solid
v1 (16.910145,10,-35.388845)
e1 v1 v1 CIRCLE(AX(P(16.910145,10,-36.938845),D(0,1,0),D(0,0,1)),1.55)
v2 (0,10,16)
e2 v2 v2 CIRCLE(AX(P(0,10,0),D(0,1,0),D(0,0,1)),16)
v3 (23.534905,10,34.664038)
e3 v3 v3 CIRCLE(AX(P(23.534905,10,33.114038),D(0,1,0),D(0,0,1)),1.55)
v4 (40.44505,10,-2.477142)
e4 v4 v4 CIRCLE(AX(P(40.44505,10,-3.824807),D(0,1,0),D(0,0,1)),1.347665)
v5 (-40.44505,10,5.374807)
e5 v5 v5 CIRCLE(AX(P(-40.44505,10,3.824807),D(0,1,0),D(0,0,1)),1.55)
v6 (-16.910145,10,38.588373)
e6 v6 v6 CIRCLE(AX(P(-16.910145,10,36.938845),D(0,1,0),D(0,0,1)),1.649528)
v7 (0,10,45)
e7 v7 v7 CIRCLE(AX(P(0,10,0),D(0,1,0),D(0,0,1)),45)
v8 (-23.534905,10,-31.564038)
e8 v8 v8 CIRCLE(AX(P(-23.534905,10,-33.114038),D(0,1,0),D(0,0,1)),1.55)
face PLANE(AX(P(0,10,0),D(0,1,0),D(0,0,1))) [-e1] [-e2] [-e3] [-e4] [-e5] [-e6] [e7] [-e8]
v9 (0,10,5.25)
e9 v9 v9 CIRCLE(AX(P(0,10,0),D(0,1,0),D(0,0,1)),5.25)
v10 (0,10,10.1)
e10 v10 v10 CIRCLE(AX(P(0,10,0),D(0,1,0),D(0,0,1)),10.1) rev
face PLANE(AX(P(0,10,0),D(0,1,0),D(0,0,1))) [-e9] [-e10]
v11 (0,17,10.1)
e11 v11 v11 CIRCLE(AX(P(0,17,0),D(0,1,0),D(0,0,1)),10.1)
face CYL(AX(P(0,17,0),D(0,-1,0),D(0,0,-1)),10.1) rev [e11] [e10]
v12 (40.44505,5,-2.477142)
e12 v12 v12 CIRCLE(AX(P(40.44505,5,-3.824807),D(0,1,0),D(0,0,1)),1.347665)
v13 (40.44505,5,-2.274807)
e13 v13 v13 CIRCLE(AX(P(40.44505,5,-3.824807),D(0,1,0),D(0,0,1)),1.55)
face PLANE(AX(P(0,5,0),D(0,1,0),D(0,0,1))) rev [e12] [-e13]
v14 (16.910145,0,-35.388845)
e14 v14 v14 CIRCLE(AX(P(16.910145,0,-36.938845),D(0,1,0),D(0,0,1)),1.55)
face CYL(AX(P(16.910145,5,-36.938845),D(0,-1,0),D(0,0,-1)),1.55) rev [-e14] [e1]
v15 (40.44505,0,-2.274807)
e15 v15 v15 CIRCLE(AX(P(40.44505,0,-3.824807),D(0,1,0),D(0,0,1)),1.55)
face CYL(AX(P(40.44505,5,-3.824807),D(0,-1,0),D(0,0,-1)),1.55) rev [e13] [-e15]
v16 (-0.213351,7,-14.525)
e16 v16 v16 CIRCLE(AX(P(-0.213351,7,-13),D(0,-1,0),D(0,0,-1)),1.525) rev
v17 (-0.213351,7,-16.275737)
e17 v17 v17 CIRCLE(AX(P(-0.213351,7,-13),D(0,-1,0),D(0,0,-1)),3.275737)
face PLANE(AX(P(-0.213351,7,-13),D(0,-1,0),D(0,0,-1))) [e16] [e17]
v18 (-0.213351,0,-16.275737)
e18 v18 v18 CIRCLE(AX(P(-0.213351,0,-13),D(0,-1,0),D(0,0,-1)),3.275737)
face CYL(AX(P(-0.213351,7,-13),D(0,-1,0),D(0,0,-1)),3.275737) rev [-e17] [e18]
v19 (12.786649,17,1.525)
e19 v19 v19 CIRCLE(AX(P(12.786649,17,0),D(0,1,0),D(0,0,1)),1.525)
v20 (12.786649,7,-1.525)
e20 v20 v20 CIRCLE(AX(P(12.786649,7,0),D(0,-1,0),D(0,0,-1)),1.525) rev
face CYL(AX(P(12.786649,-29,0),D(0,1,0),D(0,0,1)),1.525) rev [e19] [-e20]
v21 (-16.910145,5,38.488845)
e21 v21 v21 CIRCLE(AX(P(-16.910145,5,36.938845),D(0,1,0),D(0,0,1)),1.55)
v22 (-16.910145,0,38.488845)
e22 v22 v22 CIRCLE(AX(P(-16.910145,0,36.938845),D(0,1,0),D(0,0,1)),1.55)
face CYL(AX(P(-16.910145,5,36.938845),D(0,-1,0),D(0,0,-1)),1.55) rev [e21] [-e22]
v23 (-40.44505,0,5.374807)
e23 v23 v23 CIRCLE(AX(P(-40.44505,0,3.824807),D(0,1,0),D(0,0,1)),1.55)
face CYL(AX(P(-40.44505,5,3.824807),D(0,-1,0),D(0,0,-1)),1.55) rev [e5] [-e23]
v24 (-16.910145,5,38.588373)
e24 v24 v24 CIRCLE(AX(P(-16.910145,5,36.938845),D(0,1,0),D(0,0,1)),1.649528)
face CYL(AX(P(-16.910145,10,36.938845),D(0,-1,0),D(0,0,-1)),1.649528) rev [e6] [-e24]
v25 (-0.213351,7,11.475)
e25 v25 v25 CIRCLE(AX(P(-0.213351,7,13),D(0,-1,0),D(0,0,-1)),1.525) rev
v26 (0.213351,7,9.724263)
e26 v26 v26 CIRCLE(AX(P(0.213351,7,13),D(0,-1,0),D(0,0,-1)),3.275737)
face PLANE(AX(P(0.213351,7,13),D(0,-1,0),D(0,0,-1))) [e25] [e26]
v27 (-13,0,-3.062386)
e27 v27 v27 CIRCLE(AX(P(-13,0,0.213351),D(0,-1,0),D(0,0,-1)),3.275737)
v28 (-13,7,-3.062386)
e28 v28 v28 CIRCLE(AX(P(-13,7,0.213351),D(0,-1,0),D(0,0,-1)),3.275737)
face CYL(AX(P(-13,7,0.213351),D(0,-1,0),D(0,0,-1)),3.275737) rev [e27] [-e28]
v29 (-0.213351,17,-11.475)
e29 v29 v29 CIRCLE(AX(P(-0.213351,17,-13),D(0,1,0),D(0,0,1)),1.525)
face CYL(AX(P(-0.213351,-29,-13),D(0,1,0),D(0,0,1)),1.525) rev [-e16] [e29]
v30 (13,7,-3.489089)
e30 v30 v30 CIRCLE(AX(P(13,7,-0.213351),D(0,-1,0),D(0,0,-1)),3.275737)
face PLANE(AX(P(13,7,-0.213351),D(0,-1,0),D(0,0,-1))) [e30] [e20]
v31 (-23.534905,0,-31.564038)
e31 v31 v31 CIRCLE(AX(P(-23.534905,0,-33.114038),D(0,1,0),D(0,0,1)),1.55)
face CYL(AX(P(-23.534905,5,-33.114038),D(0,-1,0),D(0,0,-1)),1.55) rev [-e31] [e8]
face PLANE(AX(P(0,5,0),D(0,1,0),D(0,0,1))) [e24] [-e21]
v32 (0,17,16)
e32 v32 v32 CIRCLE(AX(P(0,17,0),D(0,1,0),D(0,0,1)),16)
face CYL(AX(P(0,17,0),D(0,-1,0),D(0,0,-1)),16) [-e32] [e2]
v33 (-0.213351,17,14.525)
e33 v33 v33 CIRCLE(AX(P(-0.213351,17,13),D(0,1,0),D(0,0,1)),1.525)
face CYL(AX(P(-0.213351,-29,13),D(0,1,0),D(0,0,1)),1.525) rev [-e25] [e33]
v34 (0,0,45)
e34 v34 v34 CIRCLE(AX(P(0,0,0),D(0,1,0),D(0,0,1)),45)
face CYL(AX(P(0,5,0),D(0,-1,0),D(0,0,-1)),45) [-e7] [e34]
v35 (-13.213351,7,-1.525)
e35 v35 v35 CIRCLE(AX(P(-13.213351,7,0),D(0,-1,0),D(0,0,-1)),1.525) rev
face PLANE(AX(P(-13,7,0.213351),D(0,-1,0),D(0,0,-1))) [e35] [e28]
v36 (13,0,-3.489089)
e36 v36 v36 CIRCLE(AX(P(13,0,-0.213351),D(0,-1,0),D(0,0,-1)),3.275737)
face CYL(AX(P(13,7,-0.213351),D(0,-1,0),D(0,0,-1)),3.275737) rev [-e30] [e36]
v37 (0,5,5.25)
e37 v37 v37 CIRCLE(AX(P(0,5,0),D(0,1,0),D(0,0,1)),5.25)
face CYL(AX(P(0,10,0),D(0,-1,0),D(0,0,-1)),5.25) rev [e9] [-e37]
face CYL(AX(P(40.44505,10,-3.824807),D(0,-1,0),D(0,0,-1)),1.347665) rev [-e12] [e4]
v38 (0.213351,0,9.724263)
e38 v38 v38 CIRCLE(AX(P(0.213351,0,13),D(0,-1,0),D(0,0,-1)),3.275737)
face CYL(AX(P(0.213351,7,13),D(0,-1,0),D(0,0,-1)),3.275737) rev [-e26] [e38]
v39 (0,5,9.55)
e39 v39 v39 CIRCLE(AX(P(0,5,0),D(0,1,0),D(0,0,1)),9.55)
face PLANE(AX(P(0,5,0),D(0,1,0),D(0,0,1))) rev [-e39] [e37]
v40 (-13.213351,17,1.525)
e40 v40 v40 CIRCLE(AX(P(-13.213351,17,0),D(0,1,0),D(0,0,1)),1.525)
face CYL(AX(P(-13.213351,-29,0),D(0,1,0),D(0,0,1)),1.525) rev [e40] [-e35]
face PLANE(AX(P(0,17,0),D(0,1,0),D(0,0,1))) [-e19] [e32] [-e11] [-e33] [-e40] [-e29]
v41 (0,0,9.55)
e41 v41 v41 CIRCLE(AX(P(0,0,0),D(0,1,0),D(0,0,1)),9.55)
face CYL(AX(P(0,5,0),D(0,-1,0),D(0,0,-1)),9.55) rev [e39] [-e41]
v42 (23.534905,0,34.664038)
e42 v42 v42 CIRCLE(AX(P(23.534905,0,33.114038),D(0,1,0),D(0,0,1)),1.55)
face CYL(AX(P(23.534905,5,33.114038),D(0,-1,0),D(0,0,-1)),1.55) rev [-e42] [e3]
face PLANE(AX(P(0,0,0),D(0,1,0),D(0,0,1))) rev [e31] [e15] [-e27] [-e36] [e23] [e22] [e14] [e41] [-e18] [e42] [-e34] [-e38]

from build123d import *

# Parameters (mm, degrees)
SKETCH1_R           = 45
SKETCH1_R_2         = 9.55
SKETCH1_R_3         = 1.55
BOSS_EXTRUDE1_DEPTH = 5
SKETCH3_R           = 45
SKETCH3_R_2         = 5.25
SKETCH3_R_3         = 1.55
SKETCH3_R_4         = 1.347664629
SKETCH3_R_5         = 1.649528324
BOSS_EXTRUDE2_DEPTH = 5
SKETCH4_R           = 16
SKETCH4_R_2         = 10.1
BOSS_EXTRUDE3_DEPTH = 7
SKETCH5_R           = 1.525
CUT_EXTRUDE1_DEPTH  = 46
SKETCH8_R           = 3.275737446
CUT_EXTRUDE4_DEPTH  = 7


with BuildPart() as part:
    # Sketch1 → Boss-Extrude1 (new body)
    with BuildSketch(Plane(origin=(0, 0, 0), x_dir=(1, 0, 0), z_dir=(0, 1, 0))):
        Circle(SKETCH1_R)
        Circle(SKETCH1_R_2, mode=Mode.SUBTRACT)
        with Locations((23.534905201, -33.114037619)):
            Circle(SKETCH1_R_3, mode=Mode.SUBTRACT)
        with Locations((-16.9101452, -36.938844589)):
            Circle(SKETCH1_R_3, mode=Mode.SUBTRACT)
        with Locations((-40.4450504, -3.82480697)):
            Circle(SKETCH1_R_3, mode=Mode.SUBTRACT)
        with Locations((-23.534905201, 33.114037619)):
            Circle(SKETCH1_R_3, mode=Mode.SUBTRACT)
        with Locations((16.9101452, 36.938844589)):
            Circle(SKETCH1_R_3, mode=Mode.SUBTRACT)
        with Locations((40.4450504, 3.82480697)):
            Circle(SKETCH1_R_3, mode=Mode.SUBTRACT)
    extrude(amount=BOSS_EXTRUDE1_DEPTH)

    # Sketch3 → Boss-Extrude2 (add)
    with BuildSketch(Plane(origin=(0, 5, 0), x_dir=(1, 0, 0), z_dir=(0, 1, 0))):
        Circle(SKETCH3_R)
        Circle(SKETCH3_R_2, mode=Mode.SUBTRACT)
        with Locations((16.9101452, 36.938844589)):
            Circle(SKETCH3_R_3, mode=Mode.SUBTRACT)
        with Locations((40.4450504, 3.82480697)):
            Circle(SKETCH3_R_4, mode=Mode.SUBTRACT)
        with Locations((23.534905201, -33.114037619)):
            Circle(SKETCH3_R_3, mode=Mode.SUBTRACT)
        with Locations((-16.9101452, -36.938844589)):
            Circle(SKETCH3_R_5, mode=Mode.SUBTRACT)
        with Locations((-40.4450504, -3.82480697)):
            Circle(SKETCH3_R_3, mode=Mode.SUBTRACT)
        with Locations((-23.534905201, 33.114037619)):
            Circle(SKETCH3_R_3, mode=Mode.SUBTRACT)
    extrude(amount=BOSS_EXTRUDE2_DEPTH)

    # Sketch4 → Boss-Extrude3 (add)
    with BuildSketch(Plane(origin=(0, 10, 0), x_dir=(1, 0, 0), z_dir=(0, 1, 0))):
        Circle(SKETCH4_R)
        Circle(SKETCH4_R_2, mode=Mode.SUBTRACT)
    extrude(amount=BOSS_EXTRUDE3_DEPTH)

    # Sketch5 → Cut-Extrude1 (cut)
    with BuildSketch(Plane(origin=(0, 17, 0), x_dir=(1, 0, 0), z_dir=(0, 1, 0))):
        with Locations((12.786648762, 0)):
            Circle(SKETCH5_R)
        with Locations((-0.213351238, -13)):
            Circle(SKETCH5_R)
        with Locations((-13.213351238, 0)):
            Circle(SKETCH5_R)
        with Locations((-0.213351238, 13)):
            Circle(SKETCH5_R)
    extrude(amount=-CUT_EXTRUDE1_DEPTH, mode=Mode.SUBTRACT)

    # Sketch8 → Cut-Extrude4 (cut)
    with BuildSketch(Plane.XZ):
        with Locations((-0.213351238, -13)):
            Circle(SKETCH8_R)
        with Locations((-13, 0.213351238)):
            Circle(SKETCH8_R)
        with Locations((0.213351238, 13)):
            Circle(SKETCH8_R)
        with Locations((13, -0.213351238)):
            Circle(SKETCH8_R)
    extrude(amount=-CUT_EXTRUDE4_DEPTH, mode=Mode.SUBTRACT)


solid = part.part
